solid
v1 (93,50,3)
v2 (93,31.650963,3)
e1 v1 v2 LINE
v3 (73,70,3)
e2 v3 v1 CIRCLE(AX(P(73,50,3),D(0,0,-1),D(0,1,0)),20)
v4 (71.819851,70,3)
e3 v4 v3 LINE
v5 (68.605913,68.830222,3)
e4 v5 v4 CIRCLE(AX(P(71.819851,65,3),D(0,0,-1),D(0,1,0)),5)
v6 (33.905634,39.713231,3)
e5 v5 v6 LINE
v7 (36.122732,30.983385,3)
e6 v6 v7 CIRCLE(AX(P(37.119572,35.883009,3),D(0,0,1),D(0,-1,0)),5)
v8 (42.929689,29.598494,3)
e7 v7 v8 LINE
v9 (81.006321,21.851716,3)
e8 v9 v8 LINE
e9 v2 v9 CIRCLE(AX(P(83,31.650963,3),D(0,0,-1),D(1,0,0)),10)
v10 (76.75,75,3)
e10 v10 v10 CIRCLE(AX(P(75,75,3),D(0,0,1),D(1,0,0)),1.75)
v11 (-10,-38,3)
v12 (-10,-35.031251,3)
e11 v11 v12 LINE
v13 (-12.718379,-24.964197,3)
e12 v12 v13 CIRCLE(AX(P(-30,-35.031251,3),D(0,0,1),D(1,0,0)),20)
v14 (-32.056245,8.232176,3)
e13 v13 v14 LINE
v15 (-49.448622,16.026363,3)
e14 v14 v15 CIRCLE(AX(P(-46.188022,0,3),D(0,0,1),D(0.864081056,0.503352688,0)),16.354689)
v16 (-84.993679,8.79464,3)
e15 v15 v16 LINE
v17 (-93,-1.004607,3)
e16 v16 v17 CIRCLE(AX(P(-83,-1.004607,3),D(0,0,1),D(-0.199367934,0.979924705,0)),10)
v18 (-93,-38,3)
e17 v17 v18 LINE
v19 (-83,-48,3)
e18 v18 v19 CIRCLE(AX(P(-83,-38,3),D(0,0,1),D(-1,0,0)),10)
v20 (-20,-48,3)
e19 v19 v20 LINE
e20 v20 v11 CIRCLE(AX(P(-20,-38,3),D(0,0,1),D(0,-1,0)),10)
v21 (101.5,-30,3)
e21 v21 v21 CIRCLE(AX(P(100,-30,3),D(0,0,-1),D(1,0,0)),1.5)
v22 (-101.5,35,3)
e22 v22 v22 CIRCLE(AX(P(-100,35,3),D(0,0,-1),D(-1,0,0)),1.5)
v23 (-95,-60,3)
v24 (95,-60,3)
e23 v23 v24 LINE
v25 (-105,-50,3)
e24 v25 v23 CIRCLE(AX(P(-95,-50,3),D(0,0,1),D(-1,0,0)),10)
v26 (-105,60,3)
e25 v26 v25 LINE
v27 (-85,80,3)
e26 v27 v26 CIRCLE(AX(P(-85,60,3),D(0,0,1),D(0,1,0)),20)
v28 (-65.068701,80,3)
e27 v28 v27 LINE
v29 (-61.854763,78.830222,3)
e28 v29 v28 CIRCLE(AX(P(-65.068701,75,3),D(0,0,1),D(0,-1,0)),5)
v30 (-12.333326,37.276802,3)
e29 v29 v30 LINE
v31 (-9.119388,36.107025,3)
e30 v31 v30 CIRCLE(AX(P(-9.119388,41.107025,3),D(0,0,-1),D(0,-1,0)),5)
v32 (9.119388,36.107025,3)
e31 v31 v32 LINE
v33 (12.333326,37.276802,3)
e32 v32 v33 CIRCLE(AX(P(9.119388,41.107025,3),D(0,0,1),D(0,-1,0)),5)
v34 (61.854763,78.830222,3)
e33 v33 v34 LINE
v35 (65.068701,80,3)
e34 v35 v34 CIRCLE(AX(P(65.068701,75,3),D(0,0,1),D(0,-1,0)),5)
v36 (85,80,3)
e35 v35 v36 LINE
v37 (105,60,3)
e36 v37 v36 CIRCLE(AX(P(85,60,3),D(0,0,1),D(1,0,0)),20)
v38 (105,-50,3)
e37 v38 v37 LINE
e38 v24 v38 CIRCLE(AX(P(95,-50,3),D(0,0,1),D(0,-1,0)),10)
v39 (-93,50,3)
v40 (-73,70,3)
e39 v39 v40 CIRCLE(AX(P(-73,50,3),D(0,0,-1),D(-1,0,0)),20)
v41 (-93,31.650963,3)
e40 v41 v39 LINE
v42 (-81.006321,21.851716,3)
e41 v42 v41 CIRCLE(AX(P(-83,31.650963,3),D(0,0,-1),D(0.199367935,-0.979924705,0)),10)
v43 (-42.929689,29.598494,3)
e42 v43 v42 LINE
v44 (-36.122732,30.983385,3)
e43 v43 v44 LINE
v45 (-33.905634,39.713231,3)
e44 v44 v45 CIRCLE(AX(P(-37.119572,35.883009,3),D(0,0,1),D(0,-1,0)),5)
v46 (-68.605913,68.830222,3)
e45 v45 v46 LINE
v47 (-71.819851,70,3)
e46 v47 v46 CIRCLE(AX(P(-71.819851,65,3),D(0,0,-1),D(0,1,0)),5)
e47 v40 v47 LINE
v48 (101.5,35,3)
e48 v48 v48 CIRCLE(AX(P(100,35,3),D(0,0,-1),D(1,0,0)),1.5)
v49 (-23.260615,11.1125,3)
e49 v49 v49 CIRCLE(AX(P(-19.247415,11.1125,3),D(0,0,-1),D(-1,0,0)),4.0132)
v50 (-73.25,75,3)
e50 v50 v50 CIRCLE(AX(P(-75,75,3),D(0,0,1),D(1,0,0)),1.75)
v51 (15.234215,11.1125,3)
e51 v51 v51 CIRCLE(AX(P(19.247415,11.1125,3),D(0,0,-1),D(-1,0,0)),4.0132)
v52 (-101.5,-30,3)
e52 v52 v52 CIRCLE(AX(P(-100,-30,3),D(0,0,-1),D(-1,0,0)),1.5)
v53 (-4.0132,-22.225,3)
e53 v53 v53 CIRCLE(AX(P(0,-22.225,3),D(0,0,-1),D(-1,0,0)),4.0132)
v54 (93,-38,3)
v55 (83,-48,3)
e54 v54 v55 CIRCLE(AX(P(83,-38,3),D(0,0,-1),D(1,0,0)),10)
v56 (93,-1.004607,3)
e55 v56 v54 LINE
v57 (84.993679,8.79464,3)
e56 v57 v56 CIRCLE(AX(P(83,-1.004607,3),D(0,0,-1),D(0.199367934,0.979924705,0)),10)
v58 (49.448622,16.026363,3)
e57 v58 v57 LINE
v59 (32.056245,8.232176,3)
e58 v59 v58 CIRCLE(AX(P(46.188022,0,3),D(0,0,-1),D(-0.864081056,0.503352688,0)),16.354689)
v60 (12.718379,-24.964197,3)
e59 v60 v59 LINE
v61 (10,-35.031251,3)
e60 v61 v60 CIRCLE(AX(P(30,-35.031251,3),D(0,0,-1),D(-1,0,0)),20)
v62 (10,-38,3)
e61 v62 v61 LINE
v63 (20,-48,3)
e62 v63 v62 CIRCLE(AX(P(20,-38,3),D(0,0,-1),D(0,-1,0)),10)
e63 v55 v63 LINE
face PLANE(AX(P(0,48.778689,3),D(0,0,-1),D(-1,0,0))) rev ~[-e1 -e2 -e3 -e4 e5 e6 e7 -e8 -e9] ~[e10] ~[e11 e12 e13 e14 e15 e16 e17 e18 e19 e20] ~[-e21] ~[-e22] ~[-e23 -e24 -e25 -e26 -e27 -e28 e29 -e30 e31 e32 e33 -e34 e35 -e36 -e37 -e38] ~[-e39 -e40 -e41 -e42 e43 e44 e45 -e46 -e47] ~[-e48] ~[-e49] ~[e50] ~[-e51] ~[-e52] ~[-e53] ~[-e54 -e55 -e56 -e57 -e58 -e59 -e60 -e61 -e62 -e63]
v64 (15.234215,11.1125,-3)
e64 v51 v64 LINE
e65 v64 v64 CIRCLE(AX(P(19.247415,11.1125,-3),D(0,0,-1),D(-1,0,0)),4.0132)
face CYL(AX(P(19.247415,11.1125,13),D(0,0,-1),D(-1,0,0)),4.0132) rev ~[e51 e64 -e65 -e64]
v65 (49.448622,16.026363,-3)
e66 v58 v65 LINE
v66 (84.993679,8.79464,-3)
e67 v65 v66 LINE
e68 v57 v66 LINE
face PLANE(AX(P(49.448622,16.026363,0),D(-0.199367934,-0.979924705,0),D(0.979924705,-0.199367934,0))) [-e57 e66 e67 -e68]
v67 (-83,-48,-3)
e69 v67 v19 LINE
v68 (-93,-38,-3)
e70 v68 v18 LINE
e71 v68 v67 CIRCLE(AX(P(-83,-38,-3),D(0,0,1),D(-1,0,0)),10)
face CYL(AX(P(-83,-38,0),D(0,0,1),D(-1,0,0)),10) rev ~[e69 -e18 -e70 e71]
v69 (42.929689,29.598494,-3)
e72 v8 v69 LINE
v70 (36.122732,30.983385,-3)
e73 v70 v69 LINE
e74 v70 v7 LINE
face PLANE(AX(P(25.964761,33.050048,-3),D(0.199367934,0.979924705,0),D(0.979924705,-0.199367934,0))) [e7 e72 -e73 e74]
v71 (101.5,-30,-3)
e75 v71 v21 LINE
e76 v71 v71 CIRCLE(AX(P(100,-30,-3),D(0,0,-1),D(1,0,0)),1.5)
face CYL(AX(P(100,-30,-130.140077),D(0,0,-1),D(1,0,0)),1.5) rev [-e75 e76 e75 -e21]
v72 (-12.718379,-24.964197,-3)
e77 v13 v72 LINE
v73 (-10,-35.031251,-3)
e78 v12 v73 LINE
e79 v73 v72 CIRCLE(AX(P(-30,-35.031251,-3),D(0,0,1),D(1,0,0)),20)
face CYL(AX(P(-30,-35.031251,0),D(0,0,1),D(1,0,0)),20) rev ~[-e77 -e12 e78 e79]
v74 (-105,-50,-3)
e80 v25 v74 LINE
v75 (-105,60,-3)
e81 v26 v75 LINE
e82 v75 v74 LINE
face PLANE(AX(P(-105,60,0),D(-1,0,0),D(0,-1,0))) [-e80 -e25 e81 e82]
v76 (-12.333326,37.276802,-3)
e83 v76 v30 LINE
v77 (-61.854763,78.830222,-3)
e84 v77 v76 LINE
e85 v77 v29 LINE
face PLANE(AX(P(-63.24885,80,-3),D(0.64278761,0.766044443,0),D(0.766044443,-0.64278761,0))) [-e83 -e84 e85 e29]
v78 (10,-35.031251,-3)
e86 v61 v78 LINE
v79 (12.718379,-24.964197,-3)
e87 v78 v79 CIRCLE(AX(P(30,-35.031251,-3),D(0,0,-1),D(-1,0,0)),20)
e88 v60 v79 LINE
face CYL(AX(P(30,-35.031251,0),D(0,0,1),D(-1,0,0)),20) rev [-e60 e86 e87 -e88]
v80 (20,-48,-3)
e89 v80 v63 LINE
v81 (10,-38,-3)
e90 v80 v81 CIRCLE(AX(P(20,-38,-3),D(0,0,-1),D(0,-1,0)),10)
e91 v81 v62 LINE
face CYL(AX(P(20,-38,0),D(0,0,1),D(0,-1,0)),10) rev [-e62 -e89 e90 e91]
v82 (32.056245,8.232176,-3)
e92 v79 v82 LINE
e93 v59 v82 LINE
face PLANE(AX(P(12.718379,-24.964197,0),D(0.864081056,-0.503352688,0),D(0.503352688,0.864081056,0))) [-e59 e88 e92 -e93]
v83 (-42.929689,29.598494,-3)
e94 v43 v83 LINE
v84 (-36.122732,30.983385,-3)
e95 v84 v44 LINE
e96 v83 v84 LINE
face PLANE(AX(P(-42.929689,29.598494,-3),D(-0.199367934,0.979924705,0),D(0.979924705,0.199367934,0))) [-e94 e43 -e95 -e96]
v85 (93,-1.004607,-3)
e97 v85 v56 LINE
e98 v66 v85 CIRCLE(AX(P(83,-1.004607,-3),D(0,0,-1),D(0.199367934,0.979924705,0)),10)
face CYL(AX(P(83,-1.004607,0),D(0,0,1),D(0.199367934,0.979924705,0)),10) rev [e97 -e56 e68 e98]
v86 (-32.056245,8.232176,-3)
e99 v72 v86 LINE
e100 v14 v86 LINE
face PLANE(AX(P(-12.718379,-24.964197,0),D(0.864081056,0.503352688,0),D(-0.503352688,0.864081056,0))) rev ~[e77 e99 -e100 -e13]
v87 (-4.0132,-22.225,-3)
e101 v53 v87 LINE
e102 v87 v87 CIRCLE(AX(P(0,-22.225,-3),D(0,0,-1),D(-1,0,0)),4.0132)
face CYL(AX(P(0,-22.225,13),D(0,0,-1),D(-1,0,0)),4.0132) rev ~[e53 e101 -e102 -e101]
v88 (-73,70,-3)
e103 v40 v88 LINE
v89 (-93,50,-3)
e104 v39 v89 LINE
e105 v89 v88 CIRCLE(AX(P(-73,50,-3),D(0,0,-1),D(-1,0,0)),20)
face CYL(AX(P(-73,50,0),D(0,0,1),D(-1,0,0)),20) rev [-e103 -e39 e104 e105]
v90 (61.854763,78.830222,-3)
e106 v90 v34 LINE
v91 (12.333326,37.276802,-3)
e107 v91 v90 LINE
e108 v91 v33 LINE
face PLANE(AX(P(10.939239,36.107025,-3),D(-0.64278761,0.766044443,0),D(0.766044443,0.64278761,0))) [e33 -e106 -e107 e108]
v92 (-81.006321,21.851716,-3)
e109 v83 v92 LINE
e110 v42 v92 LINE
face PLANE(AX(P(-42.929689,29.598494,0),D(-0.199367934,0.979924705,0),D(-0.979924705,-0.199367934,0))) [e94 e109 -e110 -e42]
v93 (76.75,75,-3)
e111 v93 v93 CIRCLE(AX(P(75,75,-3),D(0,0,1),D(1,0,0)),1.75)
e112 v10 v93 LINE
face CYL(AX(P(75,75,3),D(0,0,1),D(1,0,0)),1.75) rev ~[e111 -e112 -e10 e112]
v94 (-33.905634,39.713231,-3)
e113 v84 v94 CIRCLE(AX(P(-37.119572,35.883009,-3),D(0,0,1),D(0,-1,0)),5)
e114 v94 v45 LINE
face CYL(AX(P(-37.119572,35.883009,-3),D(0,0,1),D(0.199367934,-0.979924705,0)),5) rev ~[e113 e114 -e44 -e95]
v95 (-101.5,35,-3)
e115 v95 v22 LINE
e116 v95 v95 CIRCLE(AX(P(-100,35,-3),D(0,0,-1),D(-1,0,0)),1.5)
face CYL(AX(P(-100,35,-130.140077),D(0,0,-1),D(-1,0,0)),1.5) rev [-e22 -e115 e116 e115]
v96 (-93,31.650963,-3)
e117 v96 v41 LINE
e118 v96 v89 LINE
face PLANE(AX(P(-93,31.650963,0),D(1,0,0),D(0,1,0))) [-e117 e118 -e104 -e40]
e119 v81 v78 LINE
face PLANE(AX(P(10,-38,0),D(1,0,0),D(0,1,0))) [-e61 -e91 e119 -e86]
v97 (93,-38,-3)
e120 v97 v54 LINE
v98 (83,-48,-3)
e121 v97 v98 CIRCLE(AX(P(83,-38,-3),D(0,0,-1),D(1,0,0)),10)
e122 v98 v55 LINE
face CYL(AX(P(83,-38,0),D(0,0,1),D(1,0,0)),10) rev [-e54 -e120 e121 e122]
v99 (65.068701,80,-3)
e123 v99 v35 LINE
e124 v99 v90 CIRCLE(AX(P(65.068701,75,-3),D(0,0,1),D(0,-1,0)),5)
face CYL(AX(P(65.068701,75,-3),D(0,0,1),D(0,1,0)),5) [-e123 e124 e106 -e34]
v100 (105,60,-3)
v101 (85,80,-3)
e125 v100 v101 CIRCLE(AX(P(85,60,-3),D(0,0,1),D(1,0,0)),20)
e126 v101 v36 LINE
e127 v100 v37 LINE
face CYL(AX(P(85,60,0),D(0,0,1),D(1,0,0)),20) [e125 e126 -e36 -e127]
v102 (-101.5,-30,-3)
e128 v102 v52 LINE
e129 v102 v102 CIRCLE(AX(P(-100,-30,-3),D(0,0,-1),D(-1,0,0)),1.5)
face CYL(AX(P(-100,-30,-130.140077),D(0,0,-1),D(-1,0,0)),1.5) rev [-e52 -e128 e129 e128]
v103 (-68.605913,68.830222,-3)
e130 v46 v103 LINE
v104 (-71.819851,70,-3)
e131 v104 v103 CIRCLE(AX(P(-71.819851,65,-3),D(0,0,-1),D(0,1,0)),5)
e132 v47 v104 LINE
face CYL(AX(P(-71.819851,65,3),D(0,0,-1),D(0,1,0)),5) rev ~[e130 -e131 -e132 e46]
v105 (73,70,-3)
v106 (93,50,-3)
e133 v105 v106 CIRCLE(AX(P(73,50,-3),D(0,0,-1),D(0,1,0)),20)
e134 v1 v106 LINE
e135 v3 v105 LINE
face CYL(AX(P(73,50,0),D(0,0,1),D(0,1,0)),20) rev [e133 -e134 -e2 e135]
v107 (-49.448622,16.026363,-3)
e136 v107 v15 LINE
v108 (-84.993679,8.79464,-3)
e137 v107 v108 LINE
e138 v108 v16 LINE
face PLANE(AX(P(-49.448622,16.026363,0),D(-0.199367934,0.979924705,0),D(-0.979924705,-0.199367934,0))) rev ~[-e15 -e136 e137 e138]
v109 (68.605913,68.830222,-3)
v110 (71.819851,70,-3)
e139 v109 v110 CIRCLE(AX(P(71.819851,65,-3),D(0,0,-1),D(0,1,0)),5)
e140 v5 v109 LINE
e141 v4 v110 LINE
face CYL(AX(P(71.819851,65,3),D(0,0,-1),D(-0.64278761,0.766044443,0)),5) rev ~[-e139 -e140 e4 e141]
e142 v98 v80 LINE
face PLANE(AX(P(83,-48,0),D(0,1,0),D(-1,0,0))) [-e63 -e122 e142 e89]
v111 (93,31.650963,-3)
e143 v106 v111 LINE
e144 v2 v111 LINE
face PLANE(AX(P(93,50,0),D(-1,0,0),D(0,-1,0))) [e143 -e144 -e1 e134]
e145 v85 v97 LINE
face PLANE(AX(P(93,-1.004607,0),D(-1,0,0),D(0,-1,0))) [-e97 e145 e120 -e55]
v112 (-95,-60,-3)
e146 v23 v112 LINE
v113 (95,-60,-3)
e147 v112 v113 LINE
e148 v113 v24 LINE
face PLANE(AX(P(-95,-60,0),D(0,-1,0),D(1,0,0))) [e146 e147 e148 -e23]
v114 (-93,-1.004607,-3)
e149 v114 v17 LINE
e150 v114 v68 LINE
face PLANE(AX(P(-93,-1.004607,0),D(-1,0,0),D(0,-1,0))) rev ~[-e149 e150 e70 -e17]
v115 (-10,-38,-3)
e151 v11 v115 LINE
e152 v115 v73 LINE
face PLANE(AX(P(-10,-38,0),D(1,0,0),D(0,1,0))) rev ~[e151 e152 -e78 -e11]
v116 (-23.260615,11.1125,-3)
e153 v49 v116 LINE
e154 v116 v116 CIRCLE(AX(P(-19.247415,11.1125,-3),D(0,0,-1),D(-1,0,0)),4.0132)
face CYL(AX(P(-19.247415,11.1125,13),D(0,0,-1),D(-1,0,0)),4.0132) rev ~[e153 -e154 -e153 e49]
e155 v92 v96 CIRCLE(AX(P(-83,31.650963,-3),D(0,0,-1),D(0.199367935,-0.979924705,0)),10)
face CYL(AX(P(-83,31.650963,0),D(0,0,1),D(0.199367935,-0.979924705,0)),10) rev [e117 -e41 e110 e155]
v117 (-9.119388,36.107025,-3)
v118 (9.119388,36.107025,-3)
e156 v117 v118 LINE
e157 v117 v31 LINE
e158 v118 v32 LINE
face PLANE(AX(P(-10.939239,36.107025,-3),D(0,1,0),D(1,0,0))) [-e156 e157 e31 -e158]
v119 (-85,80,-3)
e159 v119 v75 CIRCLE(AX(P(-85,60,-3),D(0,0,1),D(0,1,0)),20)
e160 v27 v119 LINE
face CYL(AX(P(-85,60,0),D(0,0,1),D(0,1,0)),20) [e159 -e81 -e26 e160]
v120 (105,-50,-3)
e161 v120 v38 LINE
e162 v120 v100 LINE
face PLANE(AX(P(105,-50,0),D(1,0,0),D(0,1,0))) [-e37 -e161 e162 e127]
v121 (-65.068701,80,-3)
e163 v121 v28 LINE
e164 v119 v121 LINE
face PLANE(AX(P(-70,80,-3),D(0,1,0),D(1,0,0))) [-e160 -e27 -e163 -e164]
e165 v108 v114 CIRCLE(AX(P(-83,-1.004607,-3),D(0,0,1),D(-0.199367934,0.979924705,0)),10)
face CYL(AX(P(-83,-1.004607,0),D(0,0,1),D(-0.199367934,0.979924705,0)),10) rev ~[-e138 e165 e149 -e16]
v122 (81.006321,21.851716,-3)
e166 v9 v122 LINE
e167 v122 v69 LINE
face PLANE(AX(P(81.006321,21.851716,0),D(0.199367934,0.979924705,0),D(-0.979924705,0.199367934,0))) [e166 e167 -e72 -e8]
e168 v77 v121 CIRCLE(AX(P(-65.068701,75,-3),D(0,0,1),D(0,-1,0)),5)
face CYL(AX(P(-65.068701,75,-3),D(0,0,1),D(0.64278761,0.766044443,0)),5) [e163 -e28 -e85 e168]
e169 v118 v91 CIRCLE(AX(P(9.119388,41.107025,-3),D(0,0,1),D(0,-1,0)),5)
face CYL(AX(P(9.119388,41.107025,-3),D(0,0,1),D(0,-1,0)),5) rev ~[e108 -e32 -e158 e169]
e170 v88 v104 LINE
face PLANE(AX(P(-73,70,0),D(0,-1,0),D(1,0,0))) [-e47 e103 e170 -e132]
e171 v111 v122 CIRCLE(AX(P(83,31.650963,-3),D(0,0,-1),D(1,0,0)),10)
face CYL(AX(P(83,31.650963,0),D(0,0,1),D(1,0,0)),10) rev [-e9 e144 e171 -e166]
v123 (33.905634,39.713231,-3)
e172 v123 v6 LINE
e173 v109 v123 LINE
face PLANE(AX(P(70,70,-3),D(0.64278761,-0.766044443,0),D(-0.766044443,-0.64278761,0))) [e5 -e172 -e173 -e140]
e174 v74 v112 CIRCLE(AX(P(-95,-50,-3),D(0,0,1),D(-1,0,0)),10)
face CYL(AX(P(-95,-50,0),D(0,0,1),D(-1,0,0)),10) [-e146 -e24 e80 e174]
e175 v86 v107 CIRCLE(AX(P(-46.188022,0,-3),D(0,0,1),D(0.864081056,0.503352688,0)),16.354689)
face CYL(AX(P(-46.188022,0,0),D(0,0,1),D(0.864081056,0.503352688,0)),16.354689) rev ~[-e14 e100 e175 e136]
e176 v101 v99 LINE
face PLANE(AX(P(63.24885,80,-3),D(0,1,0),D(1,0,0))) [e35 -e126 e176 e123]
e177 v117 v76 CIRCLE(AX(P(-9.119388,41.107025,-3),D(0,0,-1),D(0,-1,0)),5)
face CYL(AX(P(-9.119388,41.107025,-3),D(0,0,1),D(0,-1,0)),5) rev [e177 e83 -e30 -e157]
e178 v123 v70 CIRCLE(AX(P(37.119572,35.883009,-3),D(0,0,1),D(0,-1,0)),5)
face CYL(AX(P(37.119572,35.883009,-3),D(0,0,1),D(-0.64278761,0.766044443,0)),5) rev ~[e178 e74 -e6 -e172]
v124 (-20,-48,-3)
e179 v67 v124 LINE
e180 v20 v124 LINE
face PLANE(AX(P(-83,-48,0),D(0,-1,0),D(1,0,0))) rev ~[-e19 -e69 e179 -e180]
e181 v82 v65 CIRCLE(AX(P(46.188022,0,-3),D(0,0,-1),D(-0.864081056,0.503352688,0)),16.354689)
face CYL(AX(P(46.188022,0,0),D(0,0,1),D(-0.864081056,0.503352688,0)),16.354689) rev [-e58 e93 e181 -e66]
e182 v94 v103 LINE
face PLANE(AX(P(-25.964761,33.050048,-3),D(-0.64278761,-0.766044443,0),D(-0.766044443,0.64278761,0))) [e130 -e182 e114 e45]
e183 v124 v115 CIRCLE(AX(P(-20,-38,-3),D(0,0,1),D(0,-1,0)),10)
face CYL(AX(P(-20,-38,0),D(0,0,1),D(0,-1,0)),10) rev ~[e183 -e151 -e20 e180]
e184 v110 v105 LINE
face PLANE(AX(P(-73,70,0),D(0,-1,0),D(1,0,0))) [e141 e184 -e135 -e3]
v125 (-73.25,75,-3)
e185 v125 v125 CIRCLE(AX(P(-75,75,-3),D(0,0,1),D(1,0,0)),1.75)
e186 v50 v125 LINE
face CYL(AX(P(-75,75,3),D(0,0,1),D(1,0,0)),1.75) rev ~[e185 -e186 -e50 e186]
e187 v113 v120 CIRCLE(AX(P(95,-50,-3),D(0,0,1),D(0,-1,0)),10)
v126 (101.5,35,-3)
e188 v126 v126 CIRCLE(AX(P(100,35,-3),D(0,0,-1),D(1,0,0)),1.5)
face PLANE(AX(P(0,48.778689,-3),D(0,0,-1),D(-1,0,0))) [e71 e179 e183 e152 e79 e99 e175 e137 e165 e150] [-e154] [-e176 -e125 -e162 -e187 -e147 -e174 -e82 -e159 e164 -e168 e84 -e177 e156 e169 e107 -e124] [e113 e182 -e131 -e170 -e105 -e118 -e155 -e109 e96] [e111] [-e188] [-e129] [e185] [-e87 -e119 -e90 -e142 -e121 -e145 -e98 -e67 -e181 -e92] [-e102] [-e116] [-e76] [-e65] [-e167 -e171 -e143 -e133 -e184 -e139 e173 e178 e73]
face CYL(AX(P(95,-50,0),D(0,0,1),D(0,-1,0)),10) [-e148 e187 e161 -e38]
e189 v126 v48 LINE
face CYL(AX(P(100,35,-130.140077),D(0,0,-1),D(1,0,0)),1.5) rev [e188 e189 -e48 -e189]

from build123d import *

# Parameters (mm, degrees)
BOSS_EXTRUDE1_DEPTH          = 3
CUT_EXTRUDE1_DEPTH           = 133.140077191
CUT_EXTRUDE1_DEPTH_BACK      = 133.140077191
SKETCH2_R                    = 1.5
O_0_316_DIAMETER_HOLE1_D     = 8.0264
O_0_316_DIAMETER_HOLE1_DEPTH = 10
O_0_316_DIAMETER_HOLE1_TIP   = 2.411373836
SKETCH6_W                    = 140
SKETCH6_H                    = 10
CUT_EXTRUDE2_DEPTH           = 10
SKETCH7_R                    = 1.75
CUT_EXTRUDE3_DEPTH           = 10
BOSS_EXTRUDE3_DEPTH          = 6
FILLET2_R                    = 5


with BuildPart() as part:
    # Sketch1 → Boss-Extrude1 (new, symmetric)
    with BuildSketch(Plane.XY):
        with BuildLine():
            Line((-95, -60), (95, -60))
            ThreePointArc((95, -60), (102.071067812, -57.071067812), (105, -50))
            Line((105, -50), (105, 60))
            ThreePointArc((105, 60), (99.142135624, 74.142135624), (85, 80))
            Line((85, 80), (-85, 80))
            ThreePointArc((-85, 80), (-99.142135624, 74.142135624), (-105, 60))
            Line((-105, 60), (-105, -50))
            ThreePointArc((-105, -50), (-102.071067812, -57.071067812), (-95, -60))
        make_face()
        with BuildLine():
            Line((93, -1.00460734), (93, -38))
            ThreePointArc((93, -38), (90.071067812, -45.071067812), (83, -48))
            Line((83, -48), (20, -48))
            ThreePointArc((20, -48), (12.928932188, -45.071067812), (10, -38))
            Line((10, -38), (10, -35.031250653))
            ThreePointArc((10, -35.031250653), (10.691550782, -29.817443139), (12.71837888, -24.964196891))
            Line((12.71837888, -24.964196891), (32.056244976, 8.232176449))
            ThreePointArc((32.056244976, 8.232176449), (39.499751599, 14.924573129), (49.448622011, 16.026363354))
            Line((49.448622011, 16.026363354), (84.993679344, 8.794639706))
            ThreePointArc((84.993679344, 8.794639706), (90.743926441, 5.322445946), (93, -1.00460734))
        make_face(mode=Mode.SUBTRACT)
        with BuildLine():
            Line((-83, -48), (-20, -48))
            ThreePointArc((-20, -48), (-12.928932188, -45.071067812), (-10, -38))
            Line((-10, -38), (-10, -35.031250653))
            ThreePointArc((-10, -35.031250653), (-10.691550782, -29.817443139), (-12.71837888, -24.964196891))
            Line((-12.71837888, -24.964196891), (-32.056244976, 8.232176449))
            ThreePointArc((-32.056244976, 8.232176449), (-39.499751599, 14.924573129), (-49.448622011, 16.026363354))
            Line((-49.448622011, 16.026363354), (-84.993679344, 8.794639706))
            ThreePointArc((-84.993679344, 8.794639706), (-90.743926441, 5.322445946), (-93, -1.00460734))
            Line((-93, -1.00460734), (-93, -38))
            ThreePointArc((-93, -38), (-90.071067812, -45.071067812), (-83, -48))
        make_face(mode=Mode.SUBTRACT)
        with BuildLine():
            Line((-93, 31.650962878), (-93, 50))
            ThreePointArc((-93, 50), (-87.142135624, 64.142135624), (-73, 70))
            Line((-73, 70), (73, 70))
            ThreePointArc((73, 70), (87.142135624, 64.142135624), (93, 50))
            Line((93, 50), (93, 31.650962878))
            ThreePointArc((93, 31.650962878), (89.327053286, 23.907036437), (81.006320656, 21.851715832))
            Line((81.006320656, 21.851715832), (42.92968902, 29.598494092))
            ThreePointArc((42.92968902, 29.598494092), (40.946091564, 29.899370365), (38.942330332, 30))
            Line((38.942330332, 30), (-38.942330332, 30))
            ThreePointArc((-38.942330332, 30), (-40.946091564, 29.899370365), (-42.92968902, 29.598494092))
            Line((-42.92968902, 29.598494092), (-81.006320656, 21.851715832))
            ThreePointArc((-81.006320656, 21.851715832), (-89.327053286, 23.907036437), (-93, 31.650962878))
        make_face(mode=Mode.SUBTRACT)
    extrude(amount=BOSS_EXTRUDE1_DEPTH, both=True)

    # Sketch2 → Cut-Extrude1 (cut, two sides: drawn at the far end of the back side and taken through both)
    with BuildSketch(Plane.XY.offset(3).offset(-CUT_EXTRUDE1_DEPTH_BACK)):
        with Locations((100, 35)):
            Circle(SKETCH2_R)
        with Locations((100, -30)):
            Circle(SKETCH2_R)
        with Locations(Location((-100, -30, 0), (0, 0, 180))):
            Circle(SKETCH2_R)
        with Locations(Location((-100, 35, 0), (0, 0, 180))):
            Circle(SKETCH2_R)
    extrude(amount=CUT_EXTRUDE1_DEPTH + CUT_EXTRUDE1_DEPTH_BACK, mode=Mode.SUBTRACT)

    # O (0.316) Diameter Hole1
    with Locations(Plane.XY.offset(3)):
        with Locations((-19.247414599, 11.1125), (19.247414599, 11.1125), (0, -22.225)):
            Hole(O_0_316_DIAMETER_HOLE1_D / 2, depth=O_0_316_DIAMETER_HOLE1_DEPTH)
            with Locations((0, 0, -(O_0_316_DIAMETER_HOLE1_DEPTH + O_0_316_DIAMETER_HOLE1_TIP / 2))):  # 118° drill point
                Cone(0, O_0_316_DIAMETER_HOLE1_D / 2, O_0_316_DIAMETER_HOLE1_TIP, mode=Mode.SUBTRACT)

    # Sketch6 → Cut-Extrude2 (cut)
    with BuildSketch(Plane.XY.offset(3)):
        with Locations((0, 75)):
            Rectangle(SKETCH6_W, SKETCH6_H)
    extrude(amount=-CUT_EXTRUDE2_DEPTH, mode=Mode.SUBTRACT)

    # Sketch7 → Cut-Extrude3 (cut)
    with BuildSketch(Plane.XY.offset(3)):
        with Locations((-75, 75)):
            Circle(SKETCH7_R)
        with Locations((75, 75)):
            Circle(SKETCH7_R)
    extrude(amount=-CUT_EXTRUDE3_DEPTH, mode=Mode.SUBTRACT)

    # Sketch8 → Boss-Extrude3 (add)
    with BuildSketch(Plane(origin=(0, 0, -3), x_dir=(-1, 0, 0), z_dir=(0, 0, -1))):
        Polygon((-63.248850004, 80), (-70, 80), (-70, 70), (-25.96476149, 33.050047608), (-42.92968902, 29.598494092), (42.92968902, 29.598494092), (25.96476149, 33.050047608), (70, 70), (70, 80), (69.821528384, 80), (63.248850004, 80), (10.939239008, 36.107024707), (-10.939239008, 36.107024707), align=None)
    extrude(amount=-BOSS_EXTRUDE3_DEPTH)

    # Fillet2
    fillet2_edges = [part.edges().sort_by_distance(p)[0] for p in [
        (70, 70, 0),
        (-70, 70, 0),
        (25.96476149, 33.050047608, 0),
        (63.248850004, 80, 0),
        (10.939239008, 36.107024707, 0),
        (-10.939239008, 36.107024707, 0),
        (-63.248850004, 80, 0),
        (-25.96476149, 33.050047608, 0),
    ]]
    fillet(fillet2_edges, radius=FILLET2_R)


solid = part.part
